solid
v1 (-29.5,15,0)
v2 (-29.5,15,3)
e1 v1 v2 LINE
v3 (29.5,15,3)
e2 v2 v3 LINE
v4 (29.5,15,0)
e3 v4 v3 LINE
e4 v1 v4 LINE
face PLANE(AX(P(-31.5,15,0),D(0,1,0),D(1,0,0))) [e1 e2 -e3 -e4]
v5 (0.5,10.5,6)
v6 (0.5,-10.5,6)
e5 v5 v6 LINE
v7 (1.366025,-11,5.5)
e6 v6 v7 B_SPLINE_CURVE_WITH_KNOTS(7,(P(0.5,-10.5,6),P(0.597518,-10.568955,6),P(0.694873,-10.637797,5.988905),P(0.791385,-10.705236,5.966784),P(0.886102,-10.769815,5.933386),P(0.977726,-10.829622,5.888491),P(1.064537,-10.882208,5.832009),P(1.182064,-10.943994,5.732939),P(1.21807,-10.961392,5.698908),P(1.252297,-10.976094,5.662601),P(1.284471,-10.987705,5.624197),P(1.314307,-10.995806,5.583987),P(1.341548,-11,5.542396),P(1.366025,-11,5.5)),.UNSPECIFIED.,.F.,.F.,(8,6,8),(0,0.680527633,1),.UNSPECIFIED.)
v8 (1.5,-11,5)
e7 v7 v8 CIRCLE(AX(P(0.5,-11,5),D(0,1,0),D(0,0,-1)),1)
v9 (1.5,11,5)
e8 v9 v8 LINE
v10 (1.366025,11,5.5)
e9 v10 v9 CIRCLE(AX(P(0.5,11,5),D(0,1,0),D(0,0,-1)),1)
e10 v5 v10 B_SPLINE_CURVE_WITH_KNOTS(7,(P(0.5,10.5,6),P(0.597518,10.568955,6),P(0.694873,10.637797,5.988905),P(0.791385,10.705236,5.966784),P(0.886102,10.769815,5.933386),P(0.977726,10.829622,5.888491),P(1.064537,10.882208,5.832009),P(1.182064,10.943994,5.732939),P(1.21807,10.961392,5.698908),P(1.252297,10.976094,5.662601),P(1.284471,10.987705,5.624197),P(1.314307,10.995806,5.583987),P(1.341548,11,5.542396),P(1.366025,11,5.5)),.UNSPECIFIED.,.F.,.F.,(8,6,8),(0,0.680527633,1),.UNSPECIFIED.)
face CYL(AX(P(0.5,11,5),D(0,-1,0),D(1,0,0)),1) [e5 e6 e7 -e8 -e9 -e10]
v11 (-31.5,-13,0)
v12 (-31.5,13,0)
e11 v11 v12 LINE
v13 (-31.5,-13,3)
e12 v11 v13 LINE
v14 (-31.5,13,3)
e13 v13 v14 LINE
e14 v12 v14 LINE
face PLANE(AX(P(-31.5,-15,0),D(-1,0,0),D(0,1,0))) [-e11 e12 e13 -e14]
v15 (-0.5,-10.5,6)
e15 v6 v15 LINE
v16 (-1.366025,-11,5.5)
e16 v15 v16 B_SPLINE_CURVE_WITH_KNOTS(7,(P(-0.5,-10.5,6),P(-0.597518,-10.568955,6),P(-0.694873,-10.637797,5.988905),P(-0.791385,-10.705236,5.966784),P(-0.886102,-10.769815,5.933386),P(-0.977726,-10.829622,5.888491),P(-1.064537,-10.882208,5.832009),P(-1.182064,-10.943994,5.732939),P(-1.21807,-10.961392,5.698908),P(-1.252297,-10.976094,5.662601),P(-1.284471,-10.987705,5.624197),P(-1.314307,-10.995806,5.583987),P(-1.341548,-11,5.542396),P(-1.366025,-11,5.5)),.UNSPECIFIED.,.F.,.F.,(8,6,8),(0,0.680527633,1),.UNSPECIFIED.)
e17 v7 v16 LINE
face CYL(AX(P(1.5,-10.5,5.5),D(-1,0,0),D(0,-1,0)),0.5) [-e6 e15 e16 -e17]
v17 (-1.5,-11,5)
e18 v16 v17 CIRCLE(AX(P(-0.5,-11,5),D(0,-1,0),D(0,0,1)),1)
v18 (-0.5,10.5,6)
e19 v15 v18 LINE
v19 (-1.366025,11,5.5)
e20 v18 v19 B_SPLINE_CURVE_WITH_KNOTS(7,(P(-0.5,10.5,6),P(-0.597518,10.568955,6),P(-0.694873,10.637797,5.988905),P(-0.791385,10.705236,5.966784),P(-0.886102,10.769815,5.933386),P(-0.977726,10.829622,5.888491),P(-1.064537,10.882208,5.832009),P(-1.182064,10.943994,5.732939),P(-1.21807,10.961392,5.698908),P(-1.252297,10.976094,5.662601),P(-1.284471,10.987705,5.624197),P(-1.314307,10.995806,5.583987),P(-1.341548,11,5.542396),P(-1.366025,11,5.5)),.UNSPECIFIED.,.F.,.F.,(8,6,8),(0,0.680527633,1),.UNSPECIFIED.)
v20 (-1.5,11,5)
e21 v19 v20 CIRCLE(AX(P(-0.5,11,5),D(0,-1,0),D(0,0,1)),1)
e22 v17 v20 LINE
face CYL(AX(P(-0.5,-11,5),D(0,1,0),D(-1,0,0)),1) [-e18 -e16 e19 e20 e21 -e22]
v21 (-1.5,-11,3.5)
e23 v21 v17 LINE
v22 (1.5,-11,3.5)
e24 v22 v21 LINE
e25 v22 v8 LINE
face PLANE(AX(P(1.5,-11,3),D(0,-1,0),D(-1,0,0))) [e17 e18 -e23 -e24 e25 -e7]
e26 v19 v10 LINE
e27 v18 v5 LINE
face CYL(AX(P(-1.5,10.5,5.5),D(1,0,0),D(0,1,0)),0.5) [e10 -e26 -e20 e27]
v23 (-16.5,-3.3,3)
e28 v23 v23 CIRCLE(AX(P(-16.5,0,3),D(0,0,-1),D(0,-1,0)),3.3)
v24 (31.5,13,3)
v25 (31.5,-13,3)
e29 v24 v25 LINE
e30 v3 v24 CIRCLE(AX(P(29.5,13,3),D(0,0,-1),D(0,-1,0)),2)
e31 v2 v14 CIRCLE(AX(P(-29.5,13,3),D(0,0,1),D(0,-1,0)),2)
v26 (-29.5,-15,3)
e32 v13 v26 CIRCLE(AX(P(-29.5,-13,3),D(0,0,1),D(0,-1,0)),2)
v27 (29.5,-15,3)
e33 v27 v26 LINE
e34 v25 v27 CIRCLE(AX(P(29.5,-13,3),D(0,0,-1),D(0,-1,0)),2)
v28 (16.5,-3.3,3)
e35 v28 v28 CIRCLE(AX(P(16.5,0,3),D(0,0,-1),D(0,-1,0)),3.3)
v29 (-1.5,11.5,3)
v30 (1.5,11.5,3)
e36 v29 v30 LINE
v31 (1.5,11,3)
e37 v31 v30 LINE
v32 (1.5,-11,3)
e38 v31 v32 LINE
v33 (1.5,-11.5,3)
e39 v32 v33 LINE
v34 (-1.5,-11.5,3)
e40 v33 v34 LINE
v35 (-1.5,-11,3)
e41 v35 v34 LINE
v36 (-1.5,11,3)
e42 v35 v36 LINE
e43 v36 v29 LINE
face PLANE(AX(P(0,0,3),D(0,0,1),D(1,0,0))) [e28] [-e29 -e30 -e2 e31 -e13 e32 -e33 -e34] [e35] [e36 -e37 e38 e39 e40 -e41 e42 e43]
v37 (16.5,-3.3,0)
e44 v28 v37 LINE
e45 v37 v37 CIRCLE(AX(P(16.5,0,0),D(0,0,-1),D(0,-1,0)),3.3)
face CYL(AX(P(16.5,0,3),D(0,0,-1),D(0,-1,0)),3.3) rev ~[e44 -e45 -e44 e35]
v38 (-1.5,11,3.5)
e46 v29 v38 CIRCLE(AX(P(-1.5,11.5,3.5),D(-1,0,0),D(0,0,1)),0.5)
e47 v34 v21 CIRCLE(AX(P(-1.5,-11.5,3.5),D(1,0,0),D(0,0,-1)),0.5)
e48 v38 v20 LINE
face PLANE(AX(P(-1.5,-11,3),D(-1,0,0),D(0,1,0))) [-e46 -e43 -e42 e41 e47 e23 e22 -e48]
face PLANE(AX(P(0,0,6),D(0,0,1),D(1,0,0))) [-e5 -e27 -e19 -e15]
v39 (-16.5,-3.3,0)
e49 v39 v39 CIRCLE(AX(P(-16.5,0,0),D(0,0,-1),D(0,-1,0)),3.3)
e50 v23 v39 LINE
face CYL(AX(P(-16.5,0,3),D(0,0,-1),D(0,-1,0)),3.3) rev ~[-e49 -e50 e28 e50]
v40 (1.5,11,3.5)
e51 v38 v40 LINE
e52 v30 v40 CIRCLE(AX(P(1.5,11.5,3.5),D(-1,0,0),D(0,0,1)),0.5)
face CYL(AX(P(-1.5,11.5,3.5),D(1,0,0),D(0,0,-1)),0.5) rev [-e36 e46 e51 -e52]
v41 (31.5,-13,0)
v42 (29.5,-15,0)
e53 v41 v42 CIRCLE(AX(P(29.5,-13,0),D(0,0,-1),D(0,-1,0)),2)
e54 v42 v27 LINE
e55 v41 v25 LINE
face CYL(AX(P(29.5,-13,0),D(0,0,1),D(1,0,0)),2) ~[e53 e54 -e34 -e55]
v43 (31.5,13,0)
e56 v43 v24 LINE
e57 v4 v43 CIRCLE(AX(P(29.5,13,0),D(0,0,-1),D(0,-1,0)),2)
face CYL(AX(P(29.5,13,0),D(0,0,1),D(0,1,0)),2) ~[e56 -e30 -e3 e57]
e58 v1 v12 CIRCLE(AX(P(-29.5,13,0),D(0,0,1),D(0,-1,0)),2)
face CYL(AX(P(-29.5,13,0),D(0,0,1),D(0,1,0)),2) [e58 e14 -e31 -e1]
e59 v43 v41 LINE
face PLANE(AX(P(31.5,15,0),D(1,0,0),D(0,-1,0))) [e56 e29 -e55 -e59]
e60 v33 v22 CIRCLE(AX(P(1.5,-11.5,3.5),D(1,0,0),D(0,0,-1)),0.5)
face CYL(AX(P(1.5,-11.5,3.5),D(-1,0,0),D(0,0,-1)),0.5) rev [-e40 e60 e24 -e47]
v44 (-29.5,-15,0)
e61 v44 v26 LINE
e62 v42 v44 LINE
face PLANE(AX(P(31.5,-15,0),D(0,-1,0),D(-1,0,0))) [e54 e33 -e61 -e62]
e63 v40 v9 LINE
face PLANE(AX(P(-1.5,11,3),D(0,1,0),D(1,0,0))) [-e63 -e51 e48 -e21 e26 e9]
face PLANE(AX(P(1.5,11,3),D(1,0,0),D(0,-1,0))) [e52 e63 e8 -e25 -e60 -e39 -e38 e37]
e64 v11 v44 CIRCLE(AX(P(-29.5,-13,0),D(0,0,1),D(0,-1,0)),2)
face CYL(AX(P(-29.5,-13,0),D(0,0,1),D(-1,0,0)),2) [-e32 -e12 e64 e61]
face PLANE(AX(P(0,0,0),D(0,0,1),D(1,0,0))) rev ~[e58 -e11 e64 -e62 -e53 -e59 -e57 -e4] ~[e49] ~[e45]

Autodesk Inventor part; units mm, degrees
ref_plane "YZ Plane" through (0, 0, 0) normal (1, 0, 0) x (0, 1, 0)
ref_plane "XZ Plane" through (0, 0, 0) normal (0, 1, 0) x (-1, 0, 0)
ref_plane "XY Plane" through (0, 0, 0) normal (0, 0, 1) x (1, 0, 0)
sketch "スケッチ2" plane through (0, 0, 0) normal (0, 0, 1) x (1, 0, 0)
  line L0 (-31.5, 15) -> (31.5, 15)
  line L1 (31.5, 15) -> (31.5, -15)
  line L2 (31.5, -15) -> (-31.5, -15)
  line L3 (-31.5, -15) -> (-31.5, 15)
  line L4 (0, 24.6) -> (0, -21.6) construction
  line L5 (-44.1, 0) -> (44.1, 0) construction
  line L6 (-31.5, 15) -> (31.5, 15)
  line L7 (31.5, 15) -> (31.5, 18)
  line L8 (31.5, 18) -> (-31.5, 18)
  line L9 (-31.5, 18) -> (-31.5, 15)
  point P0 (0, 0)
  point P1 (31.5, 15)
  dimension "d1" = 63
  dimension "d2" = 30
  dimension "d3" = 15
  dimension "d4" = 31.5
  dimension "d26" = 3
extrude "押し出し1" add sketch "スケッチ2" along normal blind 3 contours L0 L1 L2 L3
sketch "スケッチ3" plane through (0, 0, 3) normal (0, 0, 1) x (1, 0, 0)
  line L0 (-31.5, -15) -> (31.5, -15) construction
  line L1 (-44.1, 0) -> (44.1, 0) construction
  line L2 (31.5, -15) -> (31.5, 15) projected
  line L3 (31.5, 15) -> (-31.5, 15) projected
  line L4 (-31.5, 15) -> (-31.5, -15) projected
  point P0 (0, 0)
  point P1 (-16.5, 0)
  point P2 (16.5, 0)
hole "穴1" at (-16.5, 0, 3) at (16.5, 0, 3) direction (0, 0, -1) diameter 6.6 end through all
fillet "フィレット1" radius 2 4 edges at (31.5, -15, 1.5) (-31.5, -15, 1.5) (-31.5, 15, 1.5) (31.5, 15, 1.5)
sketch "スケッチ4" plane through (0, 0, 3) normal (0, 0, 1) x (1, 0, 0)
  line L0 (-29.5, -15) -> (29.5, -15) projected
  arc A0 (-31.5, -13) -> (-29.5, -15) centre (-29.5, -13) ccw projected
  line L1 (-29.5, -15) -> (29.5, -15) projected
  arc A1 (29.5, -15) -> (31.5, -13) centre (29.5, -13) ccw projected
  circle A2 centre (-16.5, 0) radius 3.3 projected
  circle A3 centre (16.5, 0) radius 3.3 projected
  line L2 (1.5, -11) -> (-1.5, -11)
  line L3 (-1.5, -11) -> (-1.5, 11)
  line L4 (-1.5, 11) -> (1.5, 11)
  line L5 (1.5, 11) -> (1.5, -11)
  line L6 (1.5, -11) -> (-1.5, 11) construction
  line L7 (-1.5, -11) -> (1.5, 11) construction
  line L8 (31.5, -13) -> (31.5, 13) projected
  line L9 (29.5, 15) -> (-29.5, 15) projected
  line L10 (-31.5, 13) -> (-31.5, -13) projected
  arc A4 (31.5, 13) -> (29.5, 15) centre (29.5, 13) ccw projected
  arc A5 (-29.5, 15) -> (-31.5, 13) centre (-29.5, 13) ccw projected
  point P0 (0, 0)
  dimension "d22" = 3
  dimension "d24" = 4
extrude "押し出し2" add sketch "スケッチ4" along normal blind 3 contours L2 L3 L4 L5
fillet "フィレット2" radius 1 2 edges at (-1.5, 0, 6) (1.5, 0, 6)
fillet "フィレット2" radius 0.5 4 edges at (0, 11, 3) (0, -11, 3) (0, 11, 6) (0, -11, 6)
equation "\"d3\" = 0.5 * d2"
equation "\"d4\" = 0.5 * d1"
equation "\"d24\" = d23"
equation "\"d23\" = 4"
properties part number "rocker_frame_mount_00"
